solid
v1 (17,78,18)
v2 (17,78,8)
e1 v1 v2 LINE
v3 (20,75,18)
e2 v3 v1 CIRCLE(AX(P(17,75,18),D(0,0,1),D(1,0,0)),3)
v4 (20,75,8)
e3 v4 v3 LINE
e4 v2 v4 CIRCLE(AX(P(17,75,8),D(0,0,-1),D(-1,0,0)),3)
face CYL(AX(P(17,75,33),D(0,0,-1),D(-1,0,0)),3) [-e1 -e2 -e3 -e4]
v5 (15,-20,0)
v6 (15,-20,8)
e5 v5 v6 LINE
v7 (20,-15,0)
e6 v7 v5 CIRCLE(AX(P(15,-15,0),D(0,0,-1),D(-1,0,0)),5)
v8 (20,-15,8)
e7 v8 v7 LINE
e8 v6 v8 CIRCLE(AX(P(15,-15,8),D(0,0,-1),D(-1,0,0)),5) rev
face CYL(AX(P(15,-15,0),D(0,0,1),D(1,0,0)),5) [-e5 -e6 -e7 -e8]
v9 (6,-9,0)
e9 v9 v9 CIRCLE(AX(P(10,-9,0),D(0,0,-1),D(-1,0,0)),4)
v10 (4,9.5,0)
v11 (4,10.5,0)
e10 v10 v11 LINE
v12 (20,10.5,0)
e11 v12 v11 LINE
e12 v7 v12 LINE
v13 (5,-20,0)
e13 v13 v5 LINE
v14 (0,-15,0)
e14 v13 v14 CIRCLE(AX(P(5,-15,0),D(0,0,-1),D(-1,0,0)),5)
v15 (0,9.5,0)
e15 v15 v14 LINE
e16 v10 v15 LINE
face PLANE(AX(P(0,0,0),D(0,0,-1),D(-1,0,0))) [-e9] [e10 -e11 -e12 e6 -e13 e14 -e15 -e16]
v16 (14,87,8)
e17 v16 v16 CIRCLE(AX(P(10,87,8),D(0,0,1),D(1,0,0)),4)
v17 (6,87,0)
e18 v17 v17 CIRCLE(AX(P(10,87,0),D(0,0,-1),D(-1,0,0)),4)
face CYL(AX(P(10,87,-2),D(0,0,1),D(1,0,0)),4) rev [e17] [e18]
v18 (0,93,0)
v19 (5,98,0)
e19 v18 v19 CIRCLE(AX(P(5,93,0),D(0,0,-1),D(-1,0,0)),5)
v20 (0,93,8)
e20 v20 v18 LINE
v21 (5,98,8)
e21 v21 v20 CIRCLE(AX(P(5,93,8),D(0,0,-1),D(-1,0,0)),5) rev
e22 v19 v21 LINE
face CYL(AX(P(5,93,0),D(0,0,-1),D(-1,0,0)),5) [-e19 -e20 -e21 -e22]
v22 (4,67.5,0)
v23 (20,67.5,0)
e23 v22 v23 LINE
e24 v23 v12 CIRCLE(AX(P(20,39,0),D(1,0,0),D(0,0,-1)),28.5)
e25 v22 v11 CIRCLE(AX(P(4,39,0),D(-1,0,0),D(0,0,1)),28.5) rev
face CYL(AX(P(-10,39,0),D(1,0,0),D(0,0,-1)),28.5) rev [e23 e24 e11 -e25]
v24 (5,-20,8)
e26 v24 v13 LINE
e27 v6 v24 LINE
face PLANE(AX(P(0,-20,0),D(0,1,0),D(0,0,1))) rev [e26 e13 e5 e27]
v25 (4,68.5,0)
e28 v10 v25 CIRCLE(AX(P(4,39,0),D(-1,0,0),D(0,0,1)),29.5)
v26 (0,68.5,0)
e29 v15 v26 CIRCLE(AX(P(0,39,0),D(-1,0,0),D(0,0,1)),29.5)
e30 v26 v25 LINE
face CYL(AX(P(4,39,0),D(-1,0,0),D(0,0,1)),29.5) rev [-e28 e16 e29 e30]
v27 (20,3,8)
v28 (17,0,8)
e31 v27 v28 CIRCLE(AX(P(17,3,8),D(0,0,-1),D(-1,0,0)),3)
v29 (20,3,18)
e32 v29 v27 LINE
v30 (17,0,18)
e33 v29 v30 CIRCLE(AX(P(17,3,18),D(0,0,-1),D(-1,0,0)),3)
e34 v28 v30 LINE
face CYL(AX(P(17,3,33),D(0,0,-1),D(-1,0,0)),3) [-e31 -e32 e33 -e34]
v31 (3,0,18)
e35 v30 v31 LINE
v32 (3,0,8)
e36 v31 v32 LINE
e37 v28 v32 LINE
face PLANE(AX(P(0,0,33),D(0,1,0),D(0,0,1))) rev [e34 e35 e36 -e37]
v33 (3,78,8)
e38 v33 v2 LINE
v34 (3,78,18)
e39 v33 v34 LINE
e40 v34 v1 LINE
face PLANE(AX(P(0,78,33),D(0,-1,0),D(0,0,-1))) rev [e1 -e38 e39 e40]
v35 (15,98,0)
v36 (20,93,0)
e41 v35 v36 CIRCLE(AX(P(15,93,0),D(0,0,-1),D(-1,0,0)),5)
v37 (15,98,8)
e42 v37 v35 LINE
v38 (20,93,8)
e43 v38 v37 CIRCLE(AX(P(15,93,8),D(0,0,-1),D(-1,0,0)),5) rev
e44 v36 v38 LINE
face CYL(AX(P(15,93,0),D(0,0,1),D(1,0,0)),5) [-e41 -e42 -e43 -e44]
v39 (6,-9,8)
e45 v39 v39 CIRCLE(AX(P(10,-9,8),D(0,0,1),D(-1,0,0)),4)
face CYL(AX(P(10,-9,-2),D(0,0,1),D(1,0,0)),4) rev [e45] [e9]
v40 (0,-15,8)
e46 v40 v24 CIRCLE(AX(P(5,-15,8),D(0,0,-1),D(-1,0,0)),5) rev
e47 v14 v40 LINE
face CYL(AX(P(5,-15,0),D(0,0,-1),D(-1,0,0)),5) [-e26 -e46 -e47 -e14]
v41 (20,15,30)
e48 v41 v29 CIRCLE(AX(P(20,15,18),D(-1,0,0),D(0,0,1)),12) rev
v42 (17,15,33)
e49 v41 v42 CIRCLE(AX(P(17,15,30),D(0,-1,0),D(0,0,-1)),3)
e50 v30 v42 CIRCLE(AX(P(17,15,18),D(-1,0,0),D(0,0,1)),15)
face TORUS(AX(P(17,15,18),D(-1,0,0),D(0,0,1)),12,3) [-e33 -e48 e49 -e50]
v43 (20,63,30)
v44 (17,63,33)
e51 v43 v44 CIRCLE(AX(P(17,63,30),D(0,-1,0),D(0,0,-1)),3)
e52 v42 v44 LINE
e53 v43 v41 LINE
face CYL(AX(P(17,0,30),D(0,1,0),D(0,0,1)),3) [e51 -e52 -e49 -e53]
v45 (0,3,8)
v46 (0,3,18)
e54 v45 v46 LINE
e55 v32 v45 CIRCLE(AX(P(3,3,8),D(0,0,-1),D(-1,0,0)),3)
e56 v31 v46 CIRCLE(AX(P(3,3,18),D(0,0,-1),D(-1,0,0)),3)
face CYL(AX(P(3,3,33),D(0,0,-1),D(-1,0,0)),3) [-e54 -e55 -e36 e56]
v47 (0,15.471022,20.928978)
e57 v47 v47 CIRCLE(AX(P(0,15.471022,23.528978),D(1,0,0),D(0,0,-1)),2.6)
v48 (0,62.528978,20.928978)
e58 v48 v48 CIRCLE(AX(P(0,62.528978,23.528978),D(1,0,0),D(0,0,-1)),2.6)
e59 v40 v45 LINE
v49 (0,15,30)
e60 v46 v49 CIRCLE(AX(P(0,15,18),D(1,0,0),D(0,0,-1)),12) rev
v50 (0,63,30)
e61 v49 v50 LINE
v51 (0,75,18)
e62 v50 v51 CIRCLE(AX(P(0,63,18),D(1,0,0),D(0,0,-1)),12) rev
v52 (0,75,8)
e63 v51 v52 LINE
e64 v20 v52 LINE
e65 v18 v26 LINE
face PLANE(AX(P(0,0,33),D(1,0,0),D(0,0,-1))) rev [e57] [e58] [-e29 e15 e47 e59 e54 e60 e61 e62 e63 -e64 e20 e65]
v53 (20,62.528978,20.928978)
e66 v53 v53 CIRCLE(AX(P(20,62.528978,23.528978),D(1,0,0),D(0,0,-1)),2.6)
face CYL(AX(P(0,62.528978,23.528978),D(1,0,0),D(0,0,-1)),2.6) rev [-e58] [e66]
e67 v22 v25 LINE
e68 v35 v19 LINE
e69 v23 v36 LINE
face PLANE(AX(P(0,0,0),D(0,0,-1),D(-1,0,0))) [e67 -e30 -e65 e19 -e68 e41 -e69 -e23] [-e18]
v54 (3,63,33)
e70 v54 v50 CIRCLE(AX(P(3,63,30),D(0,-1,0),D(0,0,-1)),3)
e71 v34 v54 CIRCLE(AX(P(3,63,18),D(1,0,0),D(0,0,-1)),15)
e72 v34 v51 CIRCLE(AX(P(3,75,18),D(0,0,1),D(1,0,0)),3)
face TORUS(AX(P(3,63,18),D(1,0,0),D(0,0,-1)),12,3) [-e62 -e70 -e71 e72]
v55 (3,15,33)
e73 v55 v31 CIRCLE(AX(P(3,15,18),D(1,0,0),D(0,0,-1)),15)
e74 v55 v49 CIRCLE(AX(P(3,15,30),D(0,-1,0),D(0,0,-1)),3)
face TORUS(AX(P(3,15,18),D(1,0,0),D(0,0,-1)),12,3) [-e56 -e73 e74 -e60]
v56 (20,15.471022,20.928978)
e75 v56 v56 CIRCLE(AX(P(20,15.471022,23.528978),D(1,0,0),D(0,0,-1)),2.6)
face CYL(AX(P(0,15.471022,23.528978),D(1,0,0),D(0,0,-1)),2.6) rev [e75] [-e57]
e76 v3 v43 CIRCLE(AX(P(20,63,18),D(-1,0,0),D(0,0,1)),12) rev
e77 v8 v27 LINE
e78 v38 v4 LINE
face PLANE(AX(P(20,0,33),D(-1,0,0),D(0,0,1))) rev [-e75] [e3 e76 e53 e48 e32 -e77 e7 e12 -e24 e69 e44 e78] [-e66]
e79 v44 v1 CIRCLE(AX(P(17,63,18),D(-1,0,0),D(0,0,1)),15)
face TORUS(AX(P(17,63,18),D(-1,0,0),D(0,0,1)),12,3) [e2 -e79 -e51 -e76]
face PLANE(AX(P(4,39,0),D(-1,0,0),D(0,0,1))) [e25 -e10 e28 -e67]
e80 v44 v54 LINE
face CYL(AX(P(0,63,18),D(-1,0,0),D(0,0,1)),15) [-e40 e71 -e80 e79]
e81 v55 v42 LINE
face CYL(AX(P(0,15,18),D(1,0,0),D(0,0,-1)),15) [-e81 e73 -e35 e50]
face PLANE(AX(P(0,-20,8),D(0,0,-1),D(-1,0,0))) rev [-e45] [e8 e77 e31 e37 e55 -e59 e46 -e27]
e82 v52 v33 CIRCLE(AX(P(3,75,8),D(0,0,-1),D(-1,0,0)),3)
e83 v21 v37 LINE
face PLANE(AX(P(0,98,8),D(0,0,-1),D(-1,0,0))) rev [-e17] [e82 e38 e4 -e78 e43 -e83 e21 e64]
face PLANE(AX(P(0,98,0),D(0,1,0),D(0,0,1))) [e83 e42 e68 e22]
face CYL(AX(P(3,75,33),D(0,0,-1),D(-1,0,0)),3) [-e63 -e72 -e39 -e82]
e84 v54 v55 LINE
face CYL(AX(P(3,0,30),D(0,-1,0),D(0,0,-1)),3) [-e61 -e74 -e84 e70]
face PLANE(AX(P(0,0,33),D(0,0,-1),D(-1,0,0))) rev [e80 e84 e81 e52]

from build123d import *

# Parameters (mm, degrees)
ESQUISSE1_W             = 20
ESQUISSE1_H             = 78
BOSS_EXTRU_1_DEPTH      = 33
ESQUISSE2_W             = 20
ESQUISSE2_H             = 8
BOSS_EXTRU_2_DEPTH      = 20
ESQUISSE3_W             = 20
ESQUISSE3_H             = 8
BOSS_EXTRU_3_DEPTH      = 20
ESQUISSE4_R             = 4
ENL_V_MAT_EXTRU_1_DEPTH = 10
CONG_1_R                = 5
ESQUISSE5_R             = 28.5
ENL_V_MAT_EXTRU_2_DEPTH = 30
ESQUISSE6_R             = 2.6
ENL_V_MAT_EXTRU_3_DEPTH = 20
CONG_4_R                = 15
CONG_5_R                = 3
ESQUISSE7_R             = 29.5
ENL_V_MAT_EXTRU_4_DEPTH = 4


with BuildPart() as part:
    # Esquisse1 → Boss.-Extru.1 (new body)
    with BuildSketch(Plane.XY):
        with Locations((10, 39)):
            Rectangle(ESQUISSE1_W, ESQUISSE1_H)
    extrude(amount=BOSS_EXTRU_1_DEPTH)

    # Esquisse2 → Boss.-Extru.2 (add)
    with BuildSketch(Plane(origin=(0, 78, 0), x_dir=(1, 0, 0), z_dir=(0, 1, 0))):
        with Locations((10, -4)):
            Rectangle(ESQUISSE2_W, ESQUISSE2_H)
    extrude(amount=BOSS_EXTRU_2_DEPTH)

    # Esquisse3 → Boss.-Extru.3 (add)
    with BuildSketch(Plane.XZ):
        with Locations((10, 4)):
            Rectangle(ESQUISSE3_W, ESQUISSE3_H)
    extrude(amount=BOSS_EXTRU_3_DEPTH)

    # Esquisse4 → Enlèv. mat.-Extru.1 (cut)
    with BuildSketch(Plane.XY.offset(8)):
        with Locations((10, 87)):
            Circle(ESQUISSE4_R)
        with Locations(Location((10, -9, 0), (0, 0, 180))):
            Circle(ESQUISSE4_R)
    extrude(amount=-ENL_V_MAT_EXTRU_1_DEPTH, mode=Mode.SUBTRACT)

    # Congé1
    cong_1_edges = [part.edges().sort_by_distance(p)[0] for p in [
        (0, 98, 4),
        (20, 98, 4),
        (0, -20, 4),
        (20, -20, 4),
    ]]
    fillet(cong_1_edges, radius=CONG_1_R)

    # Esquisse5 → Enlèv. mat.-Extru.2 (cut)
    with BuildSketch(Plane(origin=(20, 0, 0), x_dir=(0, 0, -1), z_dir=(1, 0, 0))):
        with Locations((0, 39)):
            Circle(ESQUISSE5_R)
    extrude(amount=-ENL_V_MAT_EXTRU_2_DEPTH, mode=Mode.SUBTRACT)

    # Esquisse6 → Enlèv. mat.-Extru.3 (cut)
    with BuildSketch(Plane(origin=(20, 0, 0), x_dir=(0, 0, -1), z_dir=(1, 0, 0))):
        with Locations((-23.528978144, 15.471021856)):
            Circle(ESQUISSE6_R)
        with Locations((-23.528978144, 62.528978144)):
            Circle(ESQUISSE6_R)
    extrude(amount=-ENL_V_MAT_EXTRU_3_DEPTH, mode=Mode.SUBTRACT)

    # Congé4
    cong_4_edges = [part.edges().sort_by_distance(p)[0] for p in [
        (10, 78, 33),
        (10, 0, 33),
    ]]
    fillet(cong_4_edges, radius=CONG_4_R)

    # Congé5
    cong_5_edges = [part.edges().sort_by_distance(p)[0] for p in [
        (0, 39, 33),
        (20, 39, 33),
        (20, 78, 13),
        (20, 0, 13),
        (20, 73.606601718, 28.606601718),
        (20, 4.393398282, 28.606601718),
        (0, 0, 13),
        (0, 78, 13),
        (0, 73.606601718, 28.606601718),
        (0, 4.393398282, 28.606601718),
    ]]
    fillet(cong_5_edges, radius=CONG_5_R)

    # Esquisse7 → Enlèv. mat.-Extru.4 (cut)
    with BuildSketch(Plane.ZY):
        with Locations((0, 39)):
            Circle(ESQUISSE7_R)
    extrude(amount=-ENL_V_MAT_EXTRU_4_DEPTH, mode=Mode.SUBTRACT)


solid = part.part
